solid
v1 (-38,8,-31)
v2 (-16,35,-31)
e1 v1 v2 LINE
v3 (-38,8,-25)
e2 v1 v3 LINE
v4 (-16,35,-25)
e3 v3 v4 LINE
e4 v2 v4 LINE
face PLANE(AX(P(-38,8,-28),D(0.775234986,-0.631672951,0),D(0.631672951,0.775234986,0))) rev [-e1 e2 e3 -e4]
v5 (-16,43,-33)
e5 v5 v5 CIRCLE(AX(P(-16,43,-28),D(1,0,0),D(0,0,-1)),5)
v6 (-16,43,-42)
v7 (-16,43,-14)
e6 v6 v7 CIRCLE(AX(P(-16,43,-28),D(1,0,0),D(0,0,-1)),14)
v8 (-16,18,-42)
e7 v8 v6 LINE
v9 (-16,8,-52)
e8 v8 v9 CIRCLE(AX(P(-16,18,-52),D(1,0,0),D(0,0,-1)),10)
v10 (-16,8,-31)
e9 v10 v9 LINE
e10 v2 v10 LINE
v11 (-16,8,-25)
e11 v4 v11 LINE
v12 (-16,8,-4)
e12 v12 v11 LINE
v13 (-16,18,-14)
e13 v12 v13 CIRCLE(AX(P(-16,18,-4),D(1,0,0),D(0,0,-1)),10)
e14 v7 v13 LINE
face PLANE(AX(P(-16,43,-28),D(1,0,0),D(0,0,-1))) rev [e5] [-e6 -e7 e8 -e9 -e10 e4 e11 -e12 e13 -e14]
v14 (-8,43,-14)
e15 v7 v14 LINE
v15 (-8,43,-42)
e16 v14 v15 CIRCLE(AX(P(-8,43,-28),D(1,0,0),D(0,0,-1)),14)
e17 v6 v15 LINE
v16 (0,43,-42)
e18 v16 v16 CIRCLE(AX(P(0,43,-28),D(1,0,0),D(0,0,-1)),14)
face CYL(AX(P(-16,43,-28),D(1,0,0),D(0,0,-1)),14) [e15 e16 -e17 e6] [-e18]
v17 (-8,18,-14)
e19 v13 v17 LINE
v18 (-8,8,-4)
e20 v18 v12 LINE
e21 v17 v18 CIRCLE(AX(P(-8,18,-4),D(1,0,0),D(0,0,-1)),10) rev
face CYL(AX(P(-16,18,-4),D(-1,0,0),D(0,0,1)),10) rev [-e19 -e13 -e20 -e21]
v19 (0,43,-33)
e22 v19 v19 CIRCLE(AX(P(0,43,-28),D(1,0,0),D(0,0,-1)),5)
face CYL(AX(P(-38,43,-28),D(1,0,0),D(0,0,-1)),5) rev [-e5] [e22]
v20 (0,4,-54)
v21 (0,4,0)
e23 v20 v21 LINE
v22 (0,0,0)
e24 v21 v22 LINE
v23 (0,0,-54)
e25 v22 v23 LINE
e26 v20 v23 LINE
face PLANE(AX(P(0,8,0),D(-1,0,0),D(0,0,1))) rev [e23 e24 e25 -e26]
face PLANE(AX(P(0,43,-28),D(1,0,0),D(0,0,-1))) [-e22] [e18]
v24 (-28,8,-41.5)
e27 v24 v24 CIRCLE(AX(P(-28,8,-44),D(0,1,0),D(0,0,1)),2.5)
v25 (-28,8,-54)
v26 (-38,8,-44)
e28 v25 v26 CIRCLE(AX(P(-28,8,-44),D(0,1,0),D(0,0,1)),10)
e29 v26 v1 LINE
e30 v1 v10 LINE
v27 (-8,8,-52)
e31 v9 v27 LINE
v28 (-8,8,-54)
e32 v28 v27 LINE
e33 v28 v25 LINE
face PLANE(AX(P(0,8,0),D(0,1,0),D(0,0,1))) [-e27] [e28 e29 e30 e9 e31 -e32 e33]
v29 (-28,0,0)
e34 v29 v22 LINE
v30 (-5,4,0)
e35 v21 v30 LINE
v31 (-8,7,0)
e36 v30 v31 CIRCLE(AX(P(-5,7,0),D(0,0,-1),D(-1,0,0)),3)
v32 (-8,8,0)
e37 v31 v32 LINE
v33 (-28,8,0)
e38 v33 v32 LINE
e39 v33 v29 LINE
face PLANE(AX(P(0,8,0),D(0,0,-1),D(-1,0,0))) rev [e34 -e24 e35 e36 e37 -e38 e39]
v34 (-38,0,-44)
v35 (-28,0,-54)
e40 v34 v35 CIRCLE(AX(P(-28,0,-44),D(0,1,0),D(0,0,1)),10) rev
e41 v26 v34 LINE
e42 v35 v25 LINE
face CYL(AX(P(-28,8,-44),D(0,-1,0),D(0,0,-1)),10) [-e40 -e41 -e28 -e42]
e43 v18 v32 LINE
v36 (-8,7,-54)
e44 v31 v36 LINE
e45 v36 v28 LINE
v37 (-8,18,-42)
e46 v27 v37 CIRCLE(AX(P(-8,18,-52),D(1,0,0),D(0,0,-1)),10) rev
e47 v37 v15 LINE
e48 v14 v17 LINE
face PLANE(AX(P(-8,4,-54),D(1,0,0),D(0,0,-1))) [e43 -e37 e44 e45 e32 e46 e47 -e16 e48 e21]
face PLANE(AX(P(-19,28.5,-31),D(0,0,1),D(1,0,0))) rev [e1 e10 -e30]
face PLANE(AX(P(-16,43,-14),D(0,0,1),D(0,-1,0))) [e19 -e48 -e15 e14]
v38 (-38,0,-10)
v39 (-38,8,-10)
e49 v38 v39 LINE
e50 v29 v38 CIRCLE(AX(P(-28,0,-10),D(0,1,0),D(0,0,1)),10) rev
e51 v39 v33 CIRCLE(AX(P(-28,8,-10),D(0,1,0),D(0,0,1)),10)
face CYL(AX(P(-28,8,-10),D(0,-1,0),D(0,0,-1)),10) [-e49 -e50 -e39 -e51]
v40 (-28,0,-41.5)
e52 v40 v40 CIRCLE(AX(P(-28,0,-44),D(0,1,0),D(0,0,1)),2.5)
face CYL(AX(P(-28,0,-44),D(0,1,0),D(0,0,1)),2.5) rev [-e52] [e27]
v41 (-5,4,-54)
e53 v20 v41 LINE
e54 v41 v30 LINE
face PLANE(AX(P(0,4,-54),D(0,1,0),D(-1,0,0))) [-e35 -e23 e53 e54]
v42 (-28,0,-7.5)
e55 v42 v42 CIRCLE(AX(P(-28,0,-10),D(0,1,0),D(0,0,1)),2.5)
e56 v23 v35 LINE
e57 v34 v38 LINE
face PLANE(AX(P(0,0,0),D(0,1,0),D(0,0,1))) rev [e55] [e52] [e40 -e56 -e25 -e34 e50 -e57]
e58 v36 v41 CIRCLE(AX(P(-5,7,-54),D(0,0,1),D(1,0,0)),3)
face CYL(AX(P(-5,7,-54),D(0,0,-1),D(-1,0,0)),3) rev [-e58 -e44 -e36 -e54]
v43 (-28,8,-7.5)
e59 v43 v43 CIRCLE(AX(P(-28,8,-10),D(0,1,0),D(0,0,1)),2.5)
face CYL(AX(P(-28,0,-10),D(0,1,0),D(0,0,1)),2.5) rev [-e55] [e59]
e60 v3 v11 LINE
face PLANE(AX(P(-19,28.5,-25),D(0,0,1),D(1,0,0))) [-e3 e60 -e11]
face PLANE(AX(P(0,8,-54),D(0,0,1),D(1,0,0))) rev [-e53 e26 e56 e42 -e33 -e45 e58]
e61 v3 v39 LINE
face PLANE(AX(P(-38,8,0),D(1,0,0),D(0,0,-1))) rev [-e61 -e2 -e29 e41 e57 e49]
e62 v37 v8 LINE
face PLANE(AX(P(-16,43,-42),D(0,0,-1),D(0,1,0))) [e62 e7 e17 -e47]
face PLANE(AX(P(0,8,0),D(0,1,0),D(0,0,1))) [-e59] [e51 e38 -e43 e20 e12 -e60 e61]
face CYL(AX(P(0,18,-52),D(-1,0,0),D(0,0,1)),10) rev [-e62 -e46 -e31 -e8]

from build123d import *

# Parameters (mm, degrees)
IZIM1_W                     = 38
IZIM1_H                     = 54
Y_KSEKLIK_EKSTR_ZYON1_DEPTH = 8
IZIM2_W                     = 8
IZIM2_H                     = 4
KES_EKSTR_ZYON1_DEPTH       = 67.513156593
RADYUS1_R                   = 3
RADYUS2_R                   = 10
IZIM4_R                     = 2.5
KES_EKSTR_ZYON2_DEPTH       = 67.513156593
Y_KSEKLIK_EKSTR_ZYON2_DEPTH = 8
RADYUS3_R                   = 10
IZIM6_R                     = 14
Y_KSEKLIK_EKSTR_ZYON3_DEPTH = 8
IZIM7_R                     = 5
KES_EKSTR_ZYON3_DEPTH       = 88.229582138
FEDER2_REACH                = 76.007
IZIM8_WALL_W                = 184.841662432
IZIM8_WALL_H                = 6


with BuildPart() as part:
    # Çizim1 → Yükseklik-Ekstrüzyon1 (new body)
    with BuildSketch(Plane(origin=(0, 0, 0), x_dir=(1, 0, 0), z_dir=(0, 1, 0))):
        with Locations((-19, 27)):
            Rectangle(IZIM1_W, IZIM1_H)
    extrude(amount=Y_KSEKLIK_EKSTR_ZYON1_DEPTH)

    # Çizim2 → Kes-Ekstrüzyon1 (cut, through all)
    with BuildSketch(Plane.XY):
        with Locations((-4, 6)):
            Rectangle(IZIM2_W, IZIM2_H)
    extrude(amount=-KES_EKSTR_ZYON1_DEPTH, mode=Mode.SUBTRACT)

    # Radyus1
    radyus1_edges = [part.edges().sort_by_distance(p)[0] for p in [
        (-8, 4, -27),
    ]]
    fillet(radyus1_edges, radius=RADYUS1_R)

    # Radyus2
    radyus2_edges = [part.edges().sort_by_distance(p)[0] for p in [
        (-38, 4, 0),
        (-38, 4, -54),
    ]]
    fillet(radyus2_edges, radius=RADYUS2_R)

    # Çizim4 → Kes-Ekstrüzyon2 (cut, through all)
    with BuildSketch(Plane(origin=(0, 8, 0), x_dir=(1, 0, 0), z_dir=(0, 1, 0))):
        with Locations(Location((-28, 44, 0), (0, 0, 270))):
            Circle(IZIM4_R)
        with Locations(Location((-28, 10, 0), (0, 0, 270))):
            Circle(IZIM4_R)
    extrude(amount=-KES_EKSTR_ZYON2_DEPTH, mode=Mode.SUBTRACT)

    # Çizim5 → Yükseklik-Ekstrüzyon2 (add)
    with BuildSketch(Plane(origin=(-8, 0, 0), x_dir=(0, 0, -1), z_dir=(1, 0, 0))):
        with BuildLine():
            Line((14, 43), (14, 8))
            Line((14, 8), (42, 8))
            Line((42, 8), (42, 43))
            ThreePointArc((42, 43), (28, 57), (14, 43))
        make_face()
    extrude(amount=-Y_KSEKLIK_EKSTR_ZYON2_DEPTH)

    # Radyus3
    radyus3_edges = [part.edges().sort_by_distance(p)[0] for p in [
        (-12, 8, -42),
        (-12, 8, -14),
    ]]
    fillet(radyus3_edges, radius=RADYUS3_R)

    # Çizim6 → Yükseklik-Ekstrüzyon3 (add)
    with BuildSketch(Plane(origin=(-8, 0, 0), x_dir=(0, 0, -1), z_dir=(1, 0, 0))):
        with Locations((28, 43)):
            Circle(IZIM6_R)
    extrude(amount=Y_KSEKLIK_EKSTR_ZYON3_DEPTH)

    # Çizim7 → Kes-Ekstrüzyon3 (cut, through all)
    with BuildSketch(Plane(origin=(0, 0, 0), x_dir=(0, 0, -1), z_dir=(1, 0, 0))):
        with Locations((28, 43)):
            Circle(IZIM7_R)
    extrude(amount=-KES_EKSTR_ZYON3_DEPTH, mode=Mode.SUBTRACT)

    # Çizim8 wall → Feder2 (add, up to next)
    with BuildSketch(Plane(origin=(-27, 21.5, -28), x_dir=(0.631672951162, 0.775234985517, 0), z_dir=(-0.775234985517, 0.631672951162, 0)), mode=Mode.PRIVATE) as feder2_sk1:
        Rectangle(IZIM8_WALL_W, IZIM8_WALL_H)
    feder2_tool1 = extrude(feder2_sk1.sketch, amount=-FEDER2_REACH, mode=Mode.PRIVATE) - part.part
    add(feder2_tool1.solids().sort_by_distance((-27, 21.5, -28))[0])


solid = part.part
